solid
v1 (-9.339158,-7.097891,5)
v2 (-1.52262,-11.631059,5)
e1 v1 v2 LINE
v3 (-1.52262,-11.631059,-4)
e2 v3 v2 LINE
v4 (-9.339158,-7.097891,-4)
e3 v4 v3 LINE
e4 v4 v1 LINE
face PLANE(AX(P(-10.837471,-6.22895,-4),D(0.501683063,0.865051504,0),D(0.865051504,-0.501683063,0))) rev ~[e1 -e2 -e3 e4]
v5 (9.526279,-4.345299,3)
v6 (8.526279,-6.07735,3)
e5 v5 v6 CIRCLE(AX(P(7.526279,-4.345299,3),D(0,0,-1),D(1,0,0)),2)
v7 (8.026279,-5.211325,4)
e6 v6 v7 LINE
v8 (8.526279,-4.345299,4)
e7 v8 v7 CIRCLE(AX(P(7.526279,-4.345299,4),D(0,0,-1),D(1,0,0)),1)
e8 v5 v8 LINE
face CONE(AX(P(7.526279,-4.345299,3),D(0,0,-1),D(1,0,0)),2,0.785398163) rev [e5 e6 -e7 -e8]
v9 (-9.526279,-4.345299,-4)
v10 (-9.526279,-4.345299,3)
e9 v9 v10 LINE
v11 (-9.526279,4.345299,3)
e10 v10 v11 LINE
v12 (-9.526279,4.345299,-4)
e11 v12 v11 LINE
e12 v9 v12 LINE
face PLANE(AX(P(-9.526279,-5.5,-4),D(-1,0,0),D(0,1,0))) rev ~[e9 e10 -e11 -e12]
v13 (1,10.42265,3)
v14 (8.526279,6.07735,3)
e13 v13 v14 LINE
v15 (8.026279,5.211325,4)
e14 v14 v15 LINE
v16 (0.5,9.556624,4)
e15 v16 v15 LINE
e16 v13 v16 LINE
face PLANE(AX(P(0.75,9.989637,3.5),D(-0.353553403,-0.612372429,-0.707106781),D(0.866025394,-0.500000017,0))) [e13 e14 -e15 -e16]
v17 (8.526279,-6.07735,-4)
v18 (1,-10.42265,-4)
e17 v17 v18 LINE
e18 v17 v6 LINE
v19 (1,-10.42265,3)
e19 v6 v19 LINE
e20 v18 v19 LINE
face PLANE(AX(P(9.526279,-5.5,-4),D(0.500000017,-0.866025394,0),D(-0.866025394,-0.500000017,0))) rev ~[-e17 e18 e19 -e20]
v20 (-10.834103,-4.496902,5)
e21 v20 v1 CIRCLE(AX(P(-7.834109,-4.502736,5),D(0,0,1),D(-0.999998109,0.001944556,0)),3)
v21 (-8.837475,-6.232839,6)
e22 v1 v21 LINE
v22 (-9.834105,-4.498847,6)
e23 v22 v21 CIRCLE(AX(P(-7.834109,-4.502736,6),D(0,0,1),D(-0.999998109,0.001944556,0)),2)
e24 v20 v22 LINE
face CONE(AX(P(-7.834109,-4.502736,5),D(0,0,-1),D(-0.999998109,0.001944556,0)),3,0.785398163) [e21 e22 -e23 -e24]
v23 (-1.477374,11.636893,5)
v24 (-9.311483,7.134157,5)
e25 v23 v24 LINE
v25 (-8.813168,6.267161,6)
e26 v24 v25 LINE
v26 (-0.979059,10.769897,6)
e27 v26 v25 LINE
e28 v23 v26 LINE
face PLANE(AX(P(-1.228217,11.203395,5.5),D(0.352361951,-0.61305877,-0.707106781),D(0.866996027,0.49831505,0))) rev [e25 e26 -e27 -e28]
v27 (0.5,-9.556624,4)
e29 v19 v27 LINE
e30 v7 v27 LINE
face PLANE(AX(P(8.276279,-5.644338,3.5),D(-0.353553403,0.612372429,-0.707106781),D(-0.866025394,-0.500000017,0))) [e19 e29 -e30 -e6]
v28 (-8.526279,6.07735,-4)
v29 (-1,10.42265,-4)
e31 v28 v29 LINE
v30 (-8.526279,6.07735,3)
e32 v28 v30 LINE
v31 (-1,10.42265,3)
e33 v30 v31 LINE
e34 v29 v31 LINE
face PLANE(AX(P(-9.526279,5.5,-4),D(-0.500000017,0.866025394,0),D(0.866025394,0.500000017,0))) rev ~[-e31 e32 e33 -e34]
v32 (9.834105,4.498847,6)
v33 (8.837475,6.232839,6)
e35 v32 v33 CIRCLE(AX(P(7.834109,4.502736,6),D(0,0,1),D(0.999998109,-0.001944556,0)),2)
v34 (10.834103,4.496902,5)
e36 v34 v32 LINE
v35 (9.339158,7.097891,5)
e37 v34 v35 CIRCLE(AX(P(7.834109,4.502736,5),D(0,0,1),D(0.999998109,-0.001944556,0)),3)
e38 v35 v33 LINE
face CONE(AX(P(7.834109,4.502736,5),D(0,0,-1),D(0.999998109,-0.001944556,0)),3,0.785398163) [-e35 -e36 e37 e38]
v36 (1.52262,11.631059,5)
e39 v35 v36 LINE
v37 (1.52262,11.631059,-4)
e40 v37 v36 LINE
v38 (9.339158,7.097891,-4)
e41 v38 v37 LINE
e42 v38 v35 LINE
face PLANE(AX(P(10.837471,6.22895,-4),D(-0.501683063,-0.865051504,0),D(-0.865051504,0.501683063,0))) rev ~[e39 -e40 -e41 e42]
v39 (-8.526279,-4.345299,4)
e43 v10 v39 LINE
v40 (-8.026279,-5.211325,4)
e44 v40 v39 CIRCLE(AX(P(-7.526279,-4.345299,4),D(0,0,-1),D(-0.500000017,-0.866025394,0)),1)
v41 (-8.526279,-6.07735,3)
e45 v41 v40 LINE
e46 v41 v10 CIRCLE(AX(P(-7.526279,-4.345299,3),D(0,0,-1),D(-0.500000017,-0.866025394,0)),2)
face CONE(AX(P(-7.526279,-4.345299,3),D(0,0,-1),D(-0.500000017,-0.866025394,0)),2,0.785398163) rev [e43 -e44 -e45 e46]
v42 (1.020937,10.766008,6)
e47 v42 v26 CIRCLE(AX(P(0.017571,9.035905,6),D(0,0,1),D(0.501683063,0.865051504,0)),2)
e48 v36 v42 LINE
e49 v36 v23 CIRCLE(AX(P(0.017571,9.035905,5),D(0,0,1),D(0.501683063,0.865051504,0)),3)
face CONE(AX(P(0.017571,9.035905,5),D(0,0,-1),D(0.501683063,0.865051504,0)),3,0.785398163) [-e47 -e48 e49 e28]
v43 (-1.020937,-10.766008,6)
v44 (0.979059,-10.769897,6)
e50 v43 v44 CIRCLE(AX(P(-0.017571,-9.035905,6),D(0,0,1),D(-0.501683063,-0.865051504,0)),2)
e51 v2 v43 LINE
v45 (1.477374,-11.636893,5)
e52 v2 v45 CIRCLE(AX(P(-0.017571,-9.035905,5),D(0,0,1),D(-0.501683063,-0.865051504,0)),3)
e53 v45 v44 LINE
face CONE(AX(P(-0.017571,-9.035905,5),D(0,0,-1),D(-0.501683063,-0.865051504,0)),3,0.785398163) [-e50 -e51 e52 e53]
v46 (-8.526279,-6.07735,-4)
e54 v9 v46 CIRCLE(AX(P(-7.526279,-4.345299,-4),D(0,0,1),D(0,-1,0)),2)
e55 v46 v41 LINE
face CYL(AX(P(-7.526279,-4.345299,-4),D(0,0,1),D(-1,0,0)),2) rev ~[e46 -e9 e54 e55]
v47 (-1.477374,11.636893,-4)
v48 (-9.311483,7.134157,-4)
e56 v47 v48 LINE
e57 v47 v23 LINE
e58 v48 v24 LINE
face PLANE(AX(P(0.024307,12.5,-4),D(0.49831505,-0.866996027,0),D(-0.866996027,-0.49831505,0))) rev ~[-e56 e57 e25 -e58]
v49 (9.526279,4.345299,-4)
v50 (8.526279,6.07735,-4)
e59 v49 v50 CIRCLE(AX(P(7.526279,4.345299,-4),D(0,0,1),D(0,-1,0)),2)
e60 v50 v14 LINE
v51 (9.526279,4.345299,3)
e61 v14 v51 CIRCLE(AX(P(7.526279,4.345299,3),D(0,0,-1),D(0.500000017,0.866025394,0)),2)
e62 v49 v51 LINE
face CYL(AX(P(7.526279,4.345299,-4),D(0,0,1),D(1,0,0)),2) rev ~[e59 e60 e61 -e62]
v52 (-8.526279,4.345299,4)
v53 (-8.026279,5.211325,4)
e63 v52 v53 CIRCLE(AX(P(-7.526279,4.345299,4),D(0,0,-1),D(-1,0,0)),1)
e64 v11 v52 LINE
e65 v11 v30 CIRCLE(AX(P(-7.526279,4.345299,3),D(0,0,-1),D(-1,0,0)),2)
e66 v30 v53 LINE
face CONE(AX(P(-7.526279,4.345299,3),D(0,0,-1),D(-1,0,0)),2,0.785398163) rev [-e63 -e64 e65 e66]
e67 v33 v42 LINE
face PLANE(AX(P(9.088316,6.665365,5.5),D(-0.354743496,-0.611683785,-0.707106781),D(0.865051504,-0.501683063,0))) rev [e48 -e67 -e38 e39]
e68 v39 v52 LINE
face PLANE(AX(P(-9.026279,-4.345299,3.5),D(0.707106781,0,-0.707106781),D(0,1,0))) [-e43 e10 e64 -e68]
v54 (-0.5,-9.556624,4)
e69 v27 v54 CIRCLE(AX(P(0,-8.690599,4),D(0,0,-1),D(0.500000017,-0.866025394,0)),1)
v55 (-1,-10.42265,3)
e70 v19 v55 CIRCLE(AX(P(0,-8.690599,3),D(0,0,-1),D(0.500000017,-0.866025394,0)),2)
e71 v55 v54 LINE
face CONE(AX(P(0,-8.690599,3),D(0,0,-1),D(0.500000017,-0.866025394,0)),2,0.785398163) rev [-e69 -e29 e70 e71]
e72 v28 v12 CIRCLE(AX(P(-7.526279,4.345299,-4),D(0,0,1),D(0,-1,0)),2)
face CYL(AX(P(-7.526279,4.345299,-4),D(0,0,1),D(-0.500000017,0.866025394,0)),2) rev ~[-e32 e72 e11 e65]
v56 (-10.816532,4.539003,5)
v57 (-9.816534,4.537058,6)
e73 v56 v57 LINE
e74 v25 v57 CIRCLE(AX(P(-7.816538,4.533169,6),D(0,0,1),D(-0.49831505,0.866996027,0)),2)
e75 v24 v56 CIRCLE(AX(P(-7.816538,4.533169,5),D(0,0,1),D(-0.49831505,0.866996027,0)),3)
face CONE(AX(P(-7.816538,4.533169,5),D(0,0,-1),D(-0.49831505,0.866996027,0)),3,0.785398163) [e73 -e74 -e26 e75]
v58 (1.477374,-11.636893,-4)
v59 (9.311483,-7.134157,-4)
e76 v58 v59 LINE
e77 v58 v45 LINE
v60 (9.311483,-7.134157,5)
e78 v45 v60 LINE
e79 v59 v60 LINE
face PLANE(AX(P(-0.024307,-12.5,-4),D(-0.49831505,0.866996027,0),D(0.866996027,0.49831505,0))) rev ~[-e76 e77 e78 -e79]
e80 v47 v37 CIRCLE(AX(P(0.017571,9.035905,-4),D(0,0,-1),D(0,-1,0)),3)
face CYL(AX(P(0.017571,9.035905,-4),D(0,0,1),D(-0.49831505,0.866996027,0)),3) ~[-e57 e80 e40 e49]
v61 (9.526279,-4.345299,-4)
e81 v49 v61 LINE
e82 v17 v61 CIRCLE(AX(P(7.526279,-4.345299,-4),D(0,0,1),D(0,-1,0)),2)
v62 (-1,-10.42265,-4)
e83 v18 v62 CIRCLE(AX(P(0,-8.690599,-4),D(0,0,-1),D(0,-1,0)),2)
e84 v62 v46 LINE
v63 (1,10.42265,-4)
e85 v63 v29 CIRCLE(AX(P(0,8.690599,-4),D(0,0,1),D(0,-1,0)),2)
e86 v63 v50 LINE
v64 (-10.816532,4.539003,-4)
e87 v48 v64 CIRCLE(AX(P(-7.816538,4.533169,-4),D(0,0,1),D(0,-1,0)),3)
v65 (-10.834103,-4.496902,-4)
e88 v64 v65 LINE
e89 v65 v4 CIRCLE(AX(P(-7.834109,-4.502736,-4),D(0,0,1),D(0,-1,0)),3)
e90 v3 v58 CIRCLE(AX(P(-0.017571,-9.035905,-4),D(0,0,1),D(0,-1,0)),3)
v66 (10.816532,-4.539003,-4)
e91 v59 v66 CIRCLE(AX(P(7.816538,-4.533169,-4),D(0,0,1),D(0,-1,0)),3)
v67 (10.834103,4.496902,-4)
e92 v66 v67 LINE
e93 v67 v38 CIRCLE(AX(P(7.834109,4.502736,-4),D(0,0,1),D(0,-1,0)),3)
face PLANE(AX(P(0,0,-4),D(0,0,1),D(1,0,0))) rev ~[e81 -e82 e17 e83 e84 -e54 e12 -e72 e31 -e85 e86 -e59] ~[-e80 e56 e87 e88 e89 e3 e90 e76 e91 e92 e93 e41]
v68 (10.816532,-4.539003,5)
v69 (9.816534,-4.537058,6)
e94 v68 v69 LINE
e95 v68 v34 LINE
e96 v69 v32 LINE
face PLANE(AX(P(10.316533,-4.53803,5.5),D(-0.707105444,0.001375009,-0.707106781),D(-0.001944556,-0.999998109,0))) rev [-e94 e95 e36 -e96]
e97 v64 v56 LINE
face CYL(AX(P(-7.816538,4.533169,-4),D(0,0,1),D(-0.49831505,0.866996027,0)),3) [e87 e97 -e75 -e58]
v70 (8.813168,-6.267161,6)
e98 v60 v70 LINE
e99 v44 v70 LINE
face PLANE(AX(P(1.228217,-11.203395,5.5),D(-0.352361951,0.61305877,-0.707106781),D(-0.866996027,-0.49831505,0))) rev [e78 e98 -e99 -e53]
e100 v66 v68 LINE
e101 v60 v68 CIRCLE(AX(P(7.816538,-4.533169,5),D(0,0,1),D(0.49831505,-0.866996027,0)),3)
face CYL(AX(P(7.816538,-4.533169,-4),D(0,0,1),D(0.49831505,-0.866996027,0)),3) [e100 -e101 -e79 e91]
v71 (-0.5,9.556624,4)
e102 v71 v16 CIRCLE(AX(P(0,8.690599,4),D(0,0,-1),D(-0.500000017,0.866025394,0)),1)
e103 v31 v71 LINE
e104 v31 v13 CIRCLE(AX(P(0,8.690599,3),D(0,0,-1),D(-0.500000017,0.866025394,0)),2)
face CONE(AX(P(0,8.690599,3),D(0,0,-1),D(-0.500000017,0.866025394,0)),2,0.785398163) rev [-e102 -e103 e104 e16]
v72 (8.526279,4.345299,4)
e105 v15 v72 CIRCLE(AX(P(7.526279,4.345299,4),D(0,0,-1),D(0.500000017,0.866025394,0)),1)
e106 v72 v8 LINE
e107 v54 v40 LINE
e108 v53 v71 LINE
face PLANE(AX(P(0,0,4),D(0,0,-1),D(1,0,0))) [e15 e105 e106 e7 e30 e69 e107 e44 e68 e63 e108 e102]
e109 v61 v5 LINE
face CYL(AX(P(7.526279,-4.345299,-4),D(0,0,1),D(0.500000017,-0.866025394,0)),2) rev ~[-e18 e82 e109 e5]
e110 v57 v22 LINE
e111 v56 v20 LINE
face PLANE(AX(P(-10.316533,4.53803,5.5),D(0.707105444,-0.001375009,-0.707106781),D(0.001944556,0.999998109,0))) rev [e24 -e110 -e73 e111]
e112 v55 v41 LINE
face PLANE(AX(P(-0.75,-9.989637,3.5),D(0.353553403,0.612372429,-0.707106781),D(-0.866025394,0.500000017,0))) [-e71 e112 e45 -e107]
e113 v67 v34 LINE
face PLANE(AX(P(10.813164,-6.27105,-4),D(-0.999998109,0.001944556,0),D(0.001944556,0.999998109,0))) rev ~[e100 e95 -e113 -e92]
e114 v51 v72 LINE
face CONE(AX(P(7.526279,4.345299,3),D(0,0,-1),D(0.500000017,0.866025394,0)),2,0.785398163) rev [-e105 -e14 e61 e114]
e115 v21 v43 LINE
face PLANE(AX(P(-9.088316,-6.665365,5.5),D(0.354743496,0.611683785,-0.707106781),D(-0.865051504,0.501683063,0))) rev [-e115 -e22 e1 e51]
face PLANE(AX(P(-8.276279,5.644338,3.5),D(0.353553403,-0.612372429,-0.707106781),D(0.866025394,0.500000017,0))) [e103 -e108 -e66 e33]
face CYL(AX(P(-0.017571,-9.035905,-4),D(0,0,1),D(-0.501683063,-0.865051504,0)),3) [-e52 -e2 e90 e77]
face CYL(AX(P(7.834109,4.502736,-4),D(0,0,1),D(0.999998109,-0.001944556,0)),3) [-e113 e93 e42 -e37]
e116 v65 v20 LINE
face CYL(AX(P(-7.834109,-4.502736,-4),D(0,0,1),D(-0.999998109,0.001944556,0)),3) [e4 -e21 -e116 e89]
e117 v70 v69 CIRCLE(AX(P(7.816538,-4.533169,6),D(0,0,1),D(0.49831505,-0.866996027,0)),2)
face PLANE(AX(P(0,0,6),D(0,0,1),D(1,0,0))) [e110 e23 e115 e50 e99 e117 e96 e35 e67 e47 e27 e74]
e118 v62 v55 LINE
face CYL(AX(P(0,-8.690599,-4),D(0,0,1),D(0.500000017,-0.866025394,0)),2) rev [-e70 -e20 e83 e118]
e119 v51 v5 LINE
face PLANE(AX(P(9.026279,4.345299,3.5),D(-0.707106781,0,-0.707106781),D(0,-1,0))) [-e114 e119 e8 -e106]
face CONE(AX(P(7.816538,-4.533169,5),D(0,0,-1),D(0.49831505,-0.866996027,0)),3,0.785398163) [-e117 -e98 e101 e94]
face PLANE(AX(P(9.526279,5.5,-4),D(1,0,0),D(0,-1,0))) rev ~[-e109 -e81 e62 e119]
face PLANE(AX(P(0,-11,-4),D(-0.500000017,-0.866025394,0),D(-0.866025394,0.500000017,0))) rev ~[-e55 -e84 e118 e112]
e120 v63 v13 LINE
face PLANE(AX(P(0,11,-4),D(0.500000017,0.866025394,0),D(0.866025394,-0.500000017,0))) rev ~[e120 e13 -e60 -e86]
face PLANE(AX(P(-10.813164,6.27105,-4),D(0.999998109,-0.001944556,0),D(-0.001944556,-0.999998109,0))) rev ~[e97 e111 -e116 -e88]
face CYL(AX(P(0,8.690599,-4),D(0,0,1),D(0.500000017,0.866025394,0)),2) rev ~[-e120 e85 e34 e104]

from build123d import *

# Parameters (mm, degrees)
PAD001_DEPTH    = 10
FILLET001_R     = 3
CHAMFER001_SIZE = 1
POCKET_DEPTH    = 8
FILLET002_R     = 2
CHAMFER002_SIZE = 1


with BuildPart() as part:
    # Sketch001 → Pad001 (new body)
    with BuildSketch(Plane.XY):
        Polygon((0.024307, 12.5), (-10.813164, 6.27105), (-10.837471, -6.22895), (-0.024307, -12.5), (10.813164, -6.27105), (10.837471, 6.22895), align=None)
    extrude(amount=PAD001_DEPTH)

    # Fillet001
    fillet001_edges = [part.edges().sort_by_distance(p)[0] for p in [
        (-10.837471, -6.22895, 5),
        (-10.813164, 6.27105, 5),
        (-0.024307, -12.5, 5),
        (10.813164, -6.27105, 5),
        (0.024307, 12.5, 5),
        (10.837471, 6.22895, 5),
    ]]
    fillet(fillet001_edges, radius=FILLET001_R)

    # Chamfer001
    chamfer001_edges = [part.edges().sort_by_distance(p)[0] for p in [
        (-5.394429, 9.385525, 10),
        (0.023405, 12.035899, 10),
        (-10.411692, 6.038219, 10),
        (5.430889, 9.364475, 10),
        (-10.825318, 0.02105, 10),
        (10.435097, 5.997681, 10),
        (-10.435097, -5.997681, 10),
        (10.825318, -0.02105, 10),
        (-5.430889, -9.364475, 10),
        (10.411692, -6.038219, 10),
        (-0.023405, -12.035899, 10),
        (5.394429, -9.385525, 10),
    ]]
    chamfer(chamfer001_edges, length=CHAMFER001_SIZE)

    # Sketch002 (on Face4 of Chamfer001) → Pocket (cut)
    with BuildSketch(Plane(origin=(0, 0, 0), x_dir=(1, 0, 0), z_dir=(0, 0, -1))):
        Polygon((0, 11), (-9.526279, 5.5), (-9.526279, -5.5), (0, -11), (9.526279, -5.5), (9.526279, 5.5), align=None)
    extrude(amount=-POCKET_DEPTH, mode=Mode.SUBTRACT)

    # Fillet002
    fillet002_edges = [part.edges().sort_by_distance(p)[0] for p in [
        (0, -11, 4),
        (9.526279, -5.5, 4),
        (9.526279, 5.5, 4),
        (0, 11, 4),
        (-9.526279, 5.5, 4),
        (-9.526279, -5.5, 4),
    ]]
    fillet(fillet002_edges, radius=FILLET002_R)

    # Chamfer002
    chamfer002_edges = [part.edges().sort_by_distance(p)[0] for p in [
        (-4.76314, -8.25, 8),
        (0, -10.690599, 8),
        (-9.25833, -5.345299, 8),
        (4.76314, -8.25, 8),
        (-9.526279, 0, 8),
        (9.25833, -5.345299, 8),
        (-9.25833, 5.345299, 8),
        (9.526279, 0, 8),
        (-4.76314, 8.25, 8),
        (9.25833, 5.345299, 8),
        (0, 10.690599, 8),
        (4.76314, 8.25, 8),
    ]]
    chamfer(chamfer002_edges, length=CHAMFER002_SIZE)


with BuildPart() as part_1:
    # Body001 placement: moved
    add(part.part.moved(Location((0, 0, -4))))


solid = part_1.part
